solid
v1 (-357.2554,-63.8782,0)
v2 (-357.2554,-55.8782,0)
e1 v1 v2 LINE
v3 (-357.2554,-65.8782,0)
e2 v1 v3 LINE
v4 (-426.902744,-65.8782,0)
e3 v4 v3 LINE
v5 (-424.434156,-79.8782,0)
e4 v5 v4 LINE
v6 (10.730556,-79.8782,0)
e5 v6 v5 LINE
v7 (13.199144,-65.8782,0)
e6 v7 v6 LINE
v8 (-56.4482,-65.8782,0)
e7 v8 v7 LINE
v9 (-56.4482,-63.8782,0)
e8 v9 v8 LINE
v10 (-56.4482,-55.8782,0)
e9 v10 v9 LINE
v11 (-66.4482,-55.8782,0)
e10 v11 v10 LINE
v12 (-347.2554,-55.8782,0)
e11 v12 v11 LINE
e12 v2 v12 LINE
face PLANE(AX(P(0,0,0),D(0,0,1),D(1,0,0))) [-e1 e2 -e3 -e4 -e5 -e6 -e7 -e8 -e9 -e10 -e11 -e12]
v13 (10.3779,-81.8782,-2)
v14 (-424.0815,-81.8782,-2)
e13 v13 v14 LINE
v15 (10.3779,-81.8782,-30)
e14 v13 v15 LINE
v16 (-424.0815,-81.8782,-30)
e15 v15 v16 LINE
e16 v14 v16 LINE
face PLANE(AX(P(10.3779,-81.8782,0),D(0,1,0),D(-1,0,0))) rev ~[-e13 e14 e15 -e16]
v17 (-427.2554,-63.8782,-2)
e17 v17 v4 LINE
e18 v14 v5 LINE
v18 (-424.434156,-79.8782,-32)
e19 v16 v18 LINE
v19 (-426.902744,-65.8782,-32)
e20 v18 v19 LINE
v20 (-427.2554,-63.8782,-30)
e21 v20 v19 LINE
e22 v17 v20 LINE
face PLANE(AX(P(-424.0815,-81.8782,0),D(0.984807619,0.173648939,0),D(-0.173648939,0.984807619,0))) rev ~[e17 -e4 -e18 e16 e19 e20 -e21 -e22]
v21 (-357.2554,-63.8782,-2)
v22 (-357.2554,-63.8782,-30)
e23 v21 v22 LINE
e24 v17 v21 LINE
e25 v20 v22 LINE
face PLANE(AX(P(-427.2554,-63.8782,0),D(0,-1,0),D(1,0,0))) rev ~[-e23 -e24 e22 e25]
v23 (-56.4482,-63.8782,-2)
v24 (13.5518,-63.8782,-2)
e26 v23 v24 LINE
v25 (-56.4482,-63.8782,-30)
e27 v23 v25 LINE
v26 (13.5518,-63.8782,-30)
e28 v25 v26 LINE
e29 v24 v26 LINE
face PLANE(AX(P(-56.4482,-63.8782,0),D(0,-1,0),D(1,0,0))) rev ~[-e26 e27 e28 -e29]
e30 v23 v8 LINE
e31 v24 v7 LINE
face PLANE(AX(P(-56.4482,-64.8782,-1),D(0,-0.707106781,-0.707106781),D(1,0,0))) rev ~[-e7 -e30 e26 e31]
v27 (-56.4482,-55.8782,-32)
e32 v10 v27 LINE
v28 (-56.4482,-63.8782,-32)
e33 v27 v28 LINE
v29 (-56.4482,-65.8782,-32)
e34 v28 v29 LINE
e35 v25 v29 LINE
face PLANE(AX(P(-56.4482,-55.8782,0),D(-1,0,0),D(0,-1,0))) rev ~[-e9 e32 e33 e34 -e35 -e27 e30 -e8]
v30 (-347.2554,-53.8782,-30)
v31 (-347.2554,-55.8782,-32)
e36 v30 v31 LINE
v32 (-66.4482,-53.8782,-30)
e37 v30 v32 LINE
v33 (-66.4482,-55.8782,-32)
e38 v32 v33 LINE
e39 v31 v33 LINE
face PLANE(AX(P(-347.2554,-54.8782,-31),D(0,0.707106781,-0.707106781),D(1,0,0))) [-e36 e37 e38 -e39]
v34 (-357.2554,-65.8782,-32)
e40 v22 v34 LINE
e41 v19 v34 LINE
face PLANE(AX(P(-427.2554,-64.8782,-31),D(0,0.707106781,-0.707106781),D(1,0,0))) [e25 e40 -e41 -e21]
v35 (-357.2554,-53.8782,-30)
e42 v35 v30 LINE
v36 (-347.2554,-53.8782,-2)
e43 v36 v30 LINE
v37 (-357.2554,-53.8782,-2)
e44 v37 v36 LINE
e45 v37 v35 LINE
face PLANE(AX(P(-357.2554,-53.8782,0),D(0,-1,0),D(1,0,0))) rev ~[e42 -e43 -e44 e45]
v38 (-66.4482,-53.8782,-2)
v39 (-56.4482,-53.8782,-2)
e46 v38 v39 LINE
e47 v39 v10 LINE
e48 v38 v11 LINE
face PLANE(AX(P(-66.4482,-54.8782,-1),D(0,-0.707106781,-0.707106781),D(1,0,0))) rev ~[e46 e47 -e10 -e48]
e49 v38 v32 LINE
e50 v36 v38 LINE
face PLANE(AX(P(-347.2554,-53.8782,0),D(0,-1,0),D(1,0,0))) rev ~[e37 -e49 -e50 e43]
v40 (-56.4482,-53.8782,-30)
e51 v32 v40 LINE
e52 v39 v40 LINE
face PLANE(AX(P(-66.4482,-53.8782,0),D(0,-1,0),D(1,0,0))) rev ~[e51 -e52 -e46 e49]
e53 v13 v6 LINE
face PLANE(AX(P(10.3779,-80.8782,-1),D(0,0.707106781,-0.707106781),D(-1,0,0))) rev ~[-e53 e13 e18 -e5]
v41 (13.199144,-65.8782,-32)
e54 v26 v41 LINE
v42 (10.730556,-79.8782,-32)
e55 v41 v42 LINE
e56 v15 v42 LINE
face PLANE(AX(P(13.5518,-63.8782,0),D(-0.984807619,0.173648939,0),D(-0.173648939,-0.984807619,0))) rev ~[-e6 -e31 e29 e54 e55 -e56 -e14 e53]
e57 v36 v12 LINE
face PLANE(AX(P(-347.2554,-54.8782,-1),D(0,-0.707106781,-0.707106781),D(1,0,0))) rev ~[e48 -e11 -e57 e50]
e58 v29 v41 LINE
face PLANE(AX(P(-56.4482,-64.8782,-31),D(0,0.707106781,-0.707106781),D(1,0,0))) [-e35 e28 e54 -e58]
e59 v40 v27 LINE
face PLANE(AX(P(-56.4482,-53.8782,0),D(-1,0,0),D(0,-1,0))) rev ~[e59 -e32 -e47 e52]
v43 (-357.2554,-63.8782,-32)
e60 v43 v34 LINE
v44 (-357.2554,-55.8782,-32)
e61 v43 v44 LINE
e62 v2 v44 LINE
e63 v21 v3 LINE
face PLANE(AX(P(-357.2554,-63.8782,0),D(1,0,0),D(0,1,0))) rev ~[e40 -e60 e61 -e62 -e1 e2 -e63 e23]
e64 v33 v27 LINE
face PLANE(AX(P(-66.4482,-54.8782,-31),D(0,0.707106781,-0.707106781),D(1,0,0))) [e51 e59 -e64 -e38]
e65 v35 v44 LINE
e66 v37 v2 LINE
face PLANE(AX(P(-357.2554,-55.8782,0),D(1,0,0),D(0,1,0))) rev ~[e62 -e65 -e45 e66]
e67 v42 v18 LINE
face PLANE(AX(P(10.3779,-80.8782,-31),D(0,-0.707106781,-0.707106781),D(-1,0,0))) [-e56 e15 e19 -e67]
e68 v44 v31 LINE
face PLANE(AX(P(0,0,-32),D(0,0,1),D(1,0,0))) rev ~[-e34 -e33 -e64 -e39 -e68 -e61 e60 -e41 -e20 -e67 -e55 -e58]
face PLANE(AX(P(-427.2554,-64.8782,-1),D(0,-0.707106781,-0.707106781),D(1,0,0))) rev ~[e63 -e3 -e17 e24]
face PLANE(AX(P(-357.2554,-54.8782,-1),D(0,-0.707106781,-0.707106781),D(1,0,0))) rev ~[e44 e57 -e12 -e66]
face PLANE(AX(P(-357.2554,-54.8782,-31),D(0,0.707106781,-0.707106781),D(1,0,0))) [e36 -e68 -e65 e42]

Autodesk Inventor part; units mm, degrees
ref_plane "YZ Plane" through (0, 0, 0) normal (1, 0, 0) x (0, 1, 0)
ref_plane "XZ Plane" through (0, 0, 0) normal (0, 1, 0) x (-1, 0, 0)
ref_plane "XY Plane" through (0, 0, 0) normal (0, 0, 1) x (1, 0, 0)
sketch "Sketch1" plane through (0, 0, 0) normal (0, 0, 1) x (1, 0, 0)
  line L0 (-357.2554, -61.8782) -> (-427.6081, -61.8782) construction
  line L1 (-357.2554, -61.8782) -> (-357.2554, -55.8782) construction
  line L2 (-405.0222, -45.9997) -> (-425.3346, 69.1978) construction
  line L3 (-419.5247, 76.1218) -> (-425.3346, 69.1978) construction
  line L4 (-408.3518, 76.1218) -> (-408.3518, 82.1218) construction
  line L5 (-450.7203, 69.1978) -> (-427.6081, -61.8782) construction
  line L6 (13.9045, -61.8782) -> (-56.4482, -61.8782) construction
  line L7 (13.9045, -61.8782) -> (37.0167, 69.1978) construction
  line L8 (-5.3518, 82.1218) -> (-5.3518, 76.1218) construction
  line L9 (11.631, 69.1978) -> (5.8211, 76.1218) construction
  line L10 (11.631, 69.1978) -> (-8.6814, -45.9997) construction
  line L11 (-56.4482, -55.8782) -> (-56.4482, -61.8782) construction
  line L12 (13.5518, -63.8782) -> (13.9045, -61.8782) construction
  line L13 (13.9045, -61.8782) -> (-56.4482, -61.8782) construction
  line L14 (-56.4482, -61.8782) -> (-56.4482, -63.8782) construction
  line L15 (-56.4482, -63.8782) -> (13.5518, -63.8782) construction
  line L16 (-357.2554, -63.8782) -> (-357.2554, -61.8782) construction
  line L17 (-357.2554, -61.8782) -> (-427.6081, -61.8782) construction
  line L18 (-427.6081, -61.8782) -> (-427.2554, -63.8782) construction
  line L19 (-427.2554, -63.8782) -> (-357.2554, -63.8782) construction
  line L20 (-347.2554, -53.8782) -> (-66.4482, -53.8782)
  line L21 (-56.4482, -63.8782) -> (13.5518, -63.8782)
  line L22 (13.5518, -63.8782) -> (10.3779, -81.8782)
  line L23 (10.3779, -81.8782) -> (-424.0815, -81.8782)
  line L24 (-424.0815, -81.8782) -> (-427.2554, -63.8782)
  line L25 (-427.2554, -63.8782) -> (-357.2554, -63.8782)
  line L26 (45.2684, 76.1218) -> (37.0167, 69.1978) projected
  line L27 (94.6482, 76.1218) -> (94.6482, 82.1218) projected
  line L28 (-508.3518, 82.1218) -> (-508.3518, 76.1218) projected
  line L29 (-450.7203, 69.1978) -> (-458.972, 76.1218) projected
  line L30 (-5.3518, 82.1218) -> (94.6482, 82.1218) projected
  line L31 (-508.3518, 82.1218) -> (-408.3518, 82.1218) projected
  line L32 (-56.4482, -55.8782) -> (-20.4541, -55.8782) projected
  line L33 (94.6482, 76.1218) -> (45.2684, 76.1218) projected
  line L34 (5.8211, 76.1218) -> (-5.3518, 76.1218) projected
  line L35 (-20.4541, -55.8782) -> (-8.6814, -45.9997) projected
  line L36 (-405.0222, -45.9997) -> (-393.2495, -55.8782) projected
  line L37 (-408.3518, 76.1218) -> (-419.5247, 76.1218) projected
  line L38 (-458.972, 76.1218) -> (-508.3518, 76.1218) projected
  line L39 (-393.2495, -55.8782) -> (-357.2554, -55.8782) projected
  line L40 (-66.4482, -53.8782) -> (-56.4482, -53.8782)
  line L41 (-56.4482, -53.8782) -> (-56.4482, -63.8782)
  line L42 (-357.2554, -63.8782) -> (-357.2554, -53.8782)
  line L43 (-357.2554, -53.8782) -> (-347.2554, -53.8782)
  point P0 (0, 0)
  dimension "d0" = 28
extrude "Extrusion1" add sketch "Sketch1" against normal blind 32
chamfer "Chamfer1" distance 2 angle 45 8 edges at (-392.2554, -63.8782, 0) (-392.2554, -63.8782, -32) (-206.8518, -81.8782, -32) (-206.8518, -81.8782, 0) (-21.4482, -63.8782, 0) (-21.4482, -63.8782, -32) (-206.8518, -53.8782, 0) (-206.8518, -53.8782, -32)
properties part number "DNW_CON_V2" material "Wood (Birch)"
